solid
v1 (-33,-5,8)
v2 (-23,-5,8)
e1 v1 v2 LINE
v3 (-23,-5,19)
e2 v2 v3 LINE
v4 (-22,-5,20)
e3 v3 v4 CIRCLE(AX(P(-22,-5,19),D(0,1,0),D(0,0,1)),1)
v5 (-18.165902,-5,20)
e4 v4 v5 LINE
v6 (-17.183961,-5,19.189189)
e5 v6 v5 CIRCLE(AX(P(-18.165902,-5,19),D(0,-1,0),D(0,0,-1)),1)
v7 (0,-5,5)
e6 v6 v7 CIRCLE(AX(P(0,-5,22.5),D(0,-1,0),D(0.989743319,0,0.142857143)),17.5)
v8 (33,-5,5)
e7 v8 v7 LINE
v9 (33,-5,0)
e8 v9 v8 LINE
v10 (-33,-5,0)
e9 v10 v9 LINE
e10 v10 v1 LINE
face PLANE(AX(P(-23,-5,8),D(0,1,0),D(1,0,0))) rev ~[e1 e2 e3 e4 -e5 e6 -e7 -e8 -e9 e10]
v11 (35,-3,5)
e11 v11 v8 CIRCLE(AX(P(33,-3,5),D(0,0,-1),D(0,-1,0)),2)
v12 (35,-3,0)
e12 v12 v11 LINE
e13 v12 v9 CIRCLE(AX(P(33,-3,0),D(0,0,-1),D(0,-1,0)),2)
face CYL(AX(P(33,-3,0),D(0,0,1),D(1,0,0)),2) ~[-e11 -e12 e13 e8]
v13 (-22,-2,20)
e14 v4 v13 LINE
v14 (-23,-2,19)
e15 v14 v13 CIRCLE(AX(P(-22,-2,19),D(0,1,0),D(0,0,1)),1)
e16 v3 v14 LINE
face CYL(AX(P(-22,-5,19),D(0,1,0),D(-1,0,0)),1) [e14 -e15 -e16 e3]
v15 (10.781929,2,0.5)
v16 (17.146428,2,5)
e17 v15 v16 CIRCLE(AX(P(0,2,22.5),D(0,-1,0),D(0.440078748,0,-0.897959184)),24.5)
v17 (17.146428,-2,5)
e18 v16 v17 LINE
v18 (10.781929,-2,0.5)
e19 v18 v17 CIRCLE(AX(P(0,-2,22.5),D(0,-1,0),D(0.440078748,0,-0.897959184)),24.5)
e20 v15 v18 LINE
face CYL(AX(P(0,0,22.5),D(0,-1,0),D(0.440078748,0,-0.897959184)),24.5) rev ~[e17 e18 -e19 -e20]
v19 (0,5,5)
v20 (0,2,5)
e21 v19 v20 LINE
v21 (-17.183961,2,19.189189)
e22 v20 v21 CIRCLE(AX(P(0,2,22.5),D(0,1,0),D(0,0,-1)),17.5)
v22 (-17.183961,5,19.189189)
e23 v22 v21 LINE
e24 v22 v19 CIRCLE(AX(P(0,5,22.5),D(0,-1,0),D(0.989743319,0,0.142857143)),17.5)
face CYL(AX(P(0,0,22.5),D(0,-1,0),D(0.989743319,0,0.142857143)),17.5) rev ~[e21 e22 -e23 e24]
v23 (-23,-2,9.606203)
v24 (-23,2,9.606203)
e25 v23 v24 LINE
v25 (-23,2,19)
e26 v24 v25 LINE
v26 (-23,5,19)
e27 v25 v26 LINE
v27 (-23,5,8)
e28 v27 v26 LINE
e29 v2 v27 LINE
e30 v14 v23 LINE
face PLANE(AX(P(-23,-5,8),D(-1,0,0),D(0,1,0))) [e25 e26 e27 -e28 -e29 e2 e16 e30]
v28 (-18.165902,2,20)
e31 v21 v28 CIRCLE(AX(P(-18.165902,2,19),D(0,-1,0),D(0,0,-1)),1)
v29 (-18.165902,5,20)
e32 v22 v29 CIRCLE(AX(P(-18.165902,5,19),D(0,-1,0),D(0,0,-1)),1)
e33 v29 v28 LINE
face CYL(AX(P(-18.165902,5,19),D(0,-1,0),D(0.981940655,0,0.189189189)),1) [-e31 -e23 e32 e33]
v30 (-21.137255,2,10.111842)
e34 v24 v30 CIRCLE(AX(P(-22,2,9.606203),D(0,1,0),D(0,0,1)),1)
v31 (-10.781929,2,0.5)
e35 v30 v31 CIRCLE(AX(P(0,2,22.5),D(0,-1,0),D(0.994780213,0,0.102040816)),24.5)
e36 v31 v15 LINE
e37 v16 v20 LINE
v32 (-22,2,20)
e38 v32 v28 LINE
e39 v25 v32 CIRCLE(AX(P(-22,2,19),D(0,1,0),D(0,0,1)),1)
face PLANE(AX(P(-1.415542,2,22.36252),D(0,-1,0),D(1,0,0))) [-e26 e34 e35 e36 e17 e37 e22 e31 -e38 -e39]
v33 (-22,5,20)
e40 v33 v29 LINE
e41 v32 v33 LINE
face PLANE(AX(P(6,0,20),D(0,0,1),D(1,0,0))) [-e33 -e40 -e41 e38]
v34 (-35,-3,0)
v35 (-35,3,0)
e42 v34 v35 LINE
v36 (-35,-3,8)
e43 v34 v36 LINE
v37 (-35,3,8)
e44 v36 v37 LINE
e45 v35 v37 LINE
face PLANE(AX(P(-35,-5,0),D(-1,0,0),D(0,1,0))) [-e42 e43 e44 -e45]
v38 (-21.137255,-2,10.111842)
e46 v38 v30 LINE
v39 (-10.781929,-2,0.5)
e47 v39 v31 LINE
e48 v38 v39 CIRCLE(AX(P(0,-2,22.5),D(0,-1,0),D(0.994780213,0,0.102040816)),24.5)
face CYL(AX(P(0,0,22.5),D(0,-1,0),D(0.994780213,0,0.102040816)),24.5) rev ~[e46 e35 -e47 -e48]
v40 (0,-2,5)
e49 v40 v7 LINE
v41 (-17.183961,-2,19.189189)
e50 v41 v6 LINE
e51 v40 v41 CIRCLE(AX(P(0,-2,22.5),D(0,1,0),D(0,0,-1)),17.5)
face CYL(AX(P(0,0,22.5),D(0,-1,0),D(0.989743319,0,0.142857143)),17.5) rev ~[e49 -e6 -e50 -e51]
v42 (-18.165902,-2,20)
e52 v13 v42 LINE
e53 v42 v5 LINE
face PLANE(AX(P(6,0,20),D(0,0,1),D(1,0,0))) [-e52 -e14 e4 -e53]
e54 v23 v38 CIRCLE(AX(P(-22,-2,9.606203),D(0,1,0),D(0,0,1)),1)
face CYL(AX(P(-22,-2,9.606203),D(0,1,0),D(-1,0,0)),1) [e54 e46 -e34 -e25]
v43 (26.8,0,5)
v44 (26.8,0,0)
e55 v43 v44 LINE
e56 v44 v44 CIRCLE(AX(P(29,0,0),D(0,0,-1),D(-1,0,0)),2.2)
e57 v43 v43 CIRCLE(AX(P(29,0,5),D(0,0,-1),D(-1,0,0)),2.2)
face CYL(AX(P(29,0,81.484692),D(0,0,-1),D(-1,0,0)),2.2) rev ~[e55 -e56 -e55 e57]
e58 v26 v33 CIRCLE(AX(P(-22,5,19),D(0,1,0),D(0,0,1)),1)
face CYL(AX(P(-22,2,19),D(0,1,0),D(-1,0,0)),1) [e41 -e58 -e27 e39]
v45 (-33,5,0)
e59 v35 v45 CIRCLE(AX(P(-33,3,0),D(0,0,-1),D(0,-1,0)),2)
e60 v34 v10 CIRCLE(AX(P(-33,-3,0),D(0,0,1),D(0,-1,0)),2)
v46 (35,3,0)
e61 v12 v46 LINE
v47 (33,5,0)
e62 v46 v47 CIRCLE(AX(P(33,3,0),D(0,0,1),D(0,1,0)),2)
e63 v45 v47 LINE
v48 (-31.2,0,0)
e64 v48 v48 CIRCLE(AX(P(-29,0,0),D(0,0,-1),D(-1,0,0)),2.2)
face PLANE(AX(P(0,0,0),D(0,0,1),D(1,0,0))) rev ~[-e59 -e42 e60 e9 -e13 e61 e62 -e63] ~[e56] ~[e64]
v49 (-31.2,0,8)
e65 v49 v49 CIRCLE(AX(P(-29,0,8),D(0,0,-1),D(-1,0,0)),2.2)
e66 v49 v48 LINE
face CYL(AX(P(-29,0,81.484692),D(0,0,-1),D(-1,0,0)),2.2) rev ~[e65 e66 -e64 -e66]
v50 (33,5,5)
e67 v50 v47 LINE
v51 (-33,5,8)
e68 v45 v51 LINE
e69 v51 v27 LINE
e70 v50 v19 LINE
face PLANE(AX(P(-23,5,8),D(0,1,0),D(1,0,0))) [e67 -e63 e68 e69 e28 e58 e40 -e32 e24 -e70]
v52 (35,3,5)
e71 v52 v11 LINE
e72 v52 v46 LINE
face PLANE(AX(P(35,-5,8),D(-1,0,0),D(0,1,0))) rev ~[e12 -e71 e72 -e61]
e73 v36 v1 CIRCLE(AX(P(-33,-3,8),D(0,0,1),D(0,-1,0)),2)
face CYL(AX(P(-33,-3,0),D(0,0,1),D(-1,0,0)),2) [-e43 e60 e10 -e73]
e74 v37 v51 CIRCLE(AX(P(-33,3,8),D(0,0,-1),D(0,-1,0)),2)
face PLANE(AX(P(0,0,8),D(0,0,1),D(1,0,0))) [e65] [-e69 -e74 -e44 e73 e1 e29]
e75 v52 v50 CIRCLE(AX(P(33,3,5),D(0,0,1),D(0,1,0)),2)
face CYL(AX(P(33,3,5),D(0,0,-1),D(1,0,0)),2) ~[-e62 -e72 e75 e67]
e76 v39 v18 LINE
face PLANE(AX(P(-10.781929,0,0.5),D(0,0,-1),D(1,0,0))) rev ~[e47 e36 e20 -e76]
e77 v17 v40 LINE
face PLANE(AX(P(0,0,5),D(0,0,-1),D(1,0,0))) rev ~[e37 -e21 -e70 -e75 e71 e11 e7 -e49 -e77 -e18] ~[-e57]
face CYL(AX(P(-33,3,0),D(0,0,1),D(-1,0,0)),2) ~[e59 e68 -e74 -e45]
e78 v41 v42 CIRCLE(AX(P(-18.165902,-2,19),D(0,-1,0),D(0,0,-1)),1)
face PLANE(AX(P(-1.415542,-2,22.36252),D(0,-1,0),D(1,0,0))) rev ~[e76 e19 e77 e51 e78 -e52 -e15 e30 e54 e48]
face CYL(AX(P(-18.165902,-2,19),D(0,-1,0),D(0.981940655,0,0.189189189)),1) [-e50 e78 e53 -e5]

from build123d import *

# Parameters (mm, degrees)
F0_W     = 70
F0_H     = 10
F1_DEPTH = 8
F2_W     = 58
F2_H     = 10
F3_DEPTH = 12
F5_DEPTH = 7.5
F7_D     = 4.4
F8_DEPTH = 2
F9_R     = 1
F10_R    = 2


with BuildPart() as f1:
    # F0 (on Top) → F1 (new body)
    with BuildSketch(Plane.XY):
        Rectangle(F0_W, F0_H)
    extrude(amount=F1_DEPTH)

    # F2 (on face) → F3 (join)
    with BuildSketch(Plane.XY.offset(8)):
        with Locations((6, 0)):
            Rectangle(F2_W, F2_H)
    extrude(amount=F3_DEPTH)

    # F4 (on Front) → F5 (cut, symmetric)
    with BuildSketch(Plane.XZ):
        with BuildLine():
            ThreePointArc((0, 5), (12.3743686708, 10.1256313292), (17.5, 22.5))
            ThreePointArc((17.5, 22.5), (17.4550693399, 23.7532175939), (17.3205080757, 25))
            ThreePointArc((17.3205080757, 25), (-13.2287565553, 33.9564392374), (0, 5))
        make_face()
        with BuildLine():
            ThreePointArc((17.3205080757, 25), (17.4550693399, 23.7532175939), (17.5, 22.5))
            ThreePointArc((17.5, 22.5), (12.3743686708, 10.1256313292), (0, 5))
            Line((0, 5), (17.1464281995, 5))
            ThreePointArc((17.1464281995, 5), (22.5869153592, 13.0088854945), (24.5, 22.5))
            ThreePointArc((24.5, 22.5), (24.4680079159, 23.7516343834), (24.3721152139, 25))
            Line((24.3721152139, 25), (17.3205080757, 25))
        make_face()
        with BuildLine():
            Line((36.3039560616, 25), (24.3721152139, 25))
            ThreePointArc((24.3721152139, 25), (24.4680079159, 23.7516343834), (24.5, 22.5))
            ThreePointArc((24.5, 22.5), (22.5869153592, 13.0088854945), (17.1464281995, 5))
            Line((17.1464281995, 5), (36.3039560616, 5))
            Line((36.3039560616, 5), (36.3039560616, 25))
        make_face()
    extrude(amount=F5_DEPTH, both=True, mode=Mode.SUBTRACT)

    # F7 (through all)
    with Locations(Plane.XY.offset(8)):
        with Locations((-29, 0), (29, 0)):
            Hole(F7_D / 2)

    # F4 (on Front) → F8 (cut, symmetric)
    with BuildSketch(Plane.XZ):
        with BuildLine():
            ThreePointArc((0, 5), (-13.2287565553, 33.9564392374), (17.3205080757, 25))
            Line((17.3205080757, 25), (24.3721152139, 25))
            ThreePointArc((24.3721152139, 25), (-14.008418473, 42.600104773), (-10.7819293264, 0.5))
            Line((-10.7819293264, 0.5), (10.7819293264, 0.5))
            ThreePointArc((10.7819293264, 0.5), (14.1442846593, 2.4952702724), (17.1464281995, 5))
            Line((17.1464281995, 5), (0, 5))
        make_face()
        with BuildLine():
            ThreePointArc((17.3205080757, 25), (17.4550693399, 23.7532175939), (17.5, 22.5))
            ThreePointArc((17.5, 22.5), (12.3743686708, 10.1256313292), (0, 5))
            Line((0, 5), (17.1464281995, 5))
            ThreePointArc((17.1464281995, 5), (22.5869153592, 13.0088854945), (24.5, 22.5))
            ThreePointArc((24.5, 22.5), (24.4680079159, 23.7516343834), (24.3721152139, 25))
            Line((24.3721152139, 25), (17.3205080757, 25))
        make_face()
    extrude(amount=F8_DEPTH, both=True, mode=Mode.SUBTRACT)

    # F9
    f9_edges = [f1.edges().sort_by_distance(p)[0] for p in [
        (-17.320508, 3.5, 20),
        (-17.320508, -3.5, 20),
        (-23, -3.5, 20),
        (-23, 3.5, 20),
        (-23, 0, 14.059028),
    ]]
    fillet(f9_edges, radius=F9_R)

    # F10
    f10_edges = [f1.edges().sort_by_distance(p)[0] for p in [
        (-35, -5, 4),
        (-35, 5, 4),
        (35, -5, 2.5),
        (35, 5, 2.5),
    ]]
    fillet(f10_edges, radius=F10_R)


solid = f1.part
